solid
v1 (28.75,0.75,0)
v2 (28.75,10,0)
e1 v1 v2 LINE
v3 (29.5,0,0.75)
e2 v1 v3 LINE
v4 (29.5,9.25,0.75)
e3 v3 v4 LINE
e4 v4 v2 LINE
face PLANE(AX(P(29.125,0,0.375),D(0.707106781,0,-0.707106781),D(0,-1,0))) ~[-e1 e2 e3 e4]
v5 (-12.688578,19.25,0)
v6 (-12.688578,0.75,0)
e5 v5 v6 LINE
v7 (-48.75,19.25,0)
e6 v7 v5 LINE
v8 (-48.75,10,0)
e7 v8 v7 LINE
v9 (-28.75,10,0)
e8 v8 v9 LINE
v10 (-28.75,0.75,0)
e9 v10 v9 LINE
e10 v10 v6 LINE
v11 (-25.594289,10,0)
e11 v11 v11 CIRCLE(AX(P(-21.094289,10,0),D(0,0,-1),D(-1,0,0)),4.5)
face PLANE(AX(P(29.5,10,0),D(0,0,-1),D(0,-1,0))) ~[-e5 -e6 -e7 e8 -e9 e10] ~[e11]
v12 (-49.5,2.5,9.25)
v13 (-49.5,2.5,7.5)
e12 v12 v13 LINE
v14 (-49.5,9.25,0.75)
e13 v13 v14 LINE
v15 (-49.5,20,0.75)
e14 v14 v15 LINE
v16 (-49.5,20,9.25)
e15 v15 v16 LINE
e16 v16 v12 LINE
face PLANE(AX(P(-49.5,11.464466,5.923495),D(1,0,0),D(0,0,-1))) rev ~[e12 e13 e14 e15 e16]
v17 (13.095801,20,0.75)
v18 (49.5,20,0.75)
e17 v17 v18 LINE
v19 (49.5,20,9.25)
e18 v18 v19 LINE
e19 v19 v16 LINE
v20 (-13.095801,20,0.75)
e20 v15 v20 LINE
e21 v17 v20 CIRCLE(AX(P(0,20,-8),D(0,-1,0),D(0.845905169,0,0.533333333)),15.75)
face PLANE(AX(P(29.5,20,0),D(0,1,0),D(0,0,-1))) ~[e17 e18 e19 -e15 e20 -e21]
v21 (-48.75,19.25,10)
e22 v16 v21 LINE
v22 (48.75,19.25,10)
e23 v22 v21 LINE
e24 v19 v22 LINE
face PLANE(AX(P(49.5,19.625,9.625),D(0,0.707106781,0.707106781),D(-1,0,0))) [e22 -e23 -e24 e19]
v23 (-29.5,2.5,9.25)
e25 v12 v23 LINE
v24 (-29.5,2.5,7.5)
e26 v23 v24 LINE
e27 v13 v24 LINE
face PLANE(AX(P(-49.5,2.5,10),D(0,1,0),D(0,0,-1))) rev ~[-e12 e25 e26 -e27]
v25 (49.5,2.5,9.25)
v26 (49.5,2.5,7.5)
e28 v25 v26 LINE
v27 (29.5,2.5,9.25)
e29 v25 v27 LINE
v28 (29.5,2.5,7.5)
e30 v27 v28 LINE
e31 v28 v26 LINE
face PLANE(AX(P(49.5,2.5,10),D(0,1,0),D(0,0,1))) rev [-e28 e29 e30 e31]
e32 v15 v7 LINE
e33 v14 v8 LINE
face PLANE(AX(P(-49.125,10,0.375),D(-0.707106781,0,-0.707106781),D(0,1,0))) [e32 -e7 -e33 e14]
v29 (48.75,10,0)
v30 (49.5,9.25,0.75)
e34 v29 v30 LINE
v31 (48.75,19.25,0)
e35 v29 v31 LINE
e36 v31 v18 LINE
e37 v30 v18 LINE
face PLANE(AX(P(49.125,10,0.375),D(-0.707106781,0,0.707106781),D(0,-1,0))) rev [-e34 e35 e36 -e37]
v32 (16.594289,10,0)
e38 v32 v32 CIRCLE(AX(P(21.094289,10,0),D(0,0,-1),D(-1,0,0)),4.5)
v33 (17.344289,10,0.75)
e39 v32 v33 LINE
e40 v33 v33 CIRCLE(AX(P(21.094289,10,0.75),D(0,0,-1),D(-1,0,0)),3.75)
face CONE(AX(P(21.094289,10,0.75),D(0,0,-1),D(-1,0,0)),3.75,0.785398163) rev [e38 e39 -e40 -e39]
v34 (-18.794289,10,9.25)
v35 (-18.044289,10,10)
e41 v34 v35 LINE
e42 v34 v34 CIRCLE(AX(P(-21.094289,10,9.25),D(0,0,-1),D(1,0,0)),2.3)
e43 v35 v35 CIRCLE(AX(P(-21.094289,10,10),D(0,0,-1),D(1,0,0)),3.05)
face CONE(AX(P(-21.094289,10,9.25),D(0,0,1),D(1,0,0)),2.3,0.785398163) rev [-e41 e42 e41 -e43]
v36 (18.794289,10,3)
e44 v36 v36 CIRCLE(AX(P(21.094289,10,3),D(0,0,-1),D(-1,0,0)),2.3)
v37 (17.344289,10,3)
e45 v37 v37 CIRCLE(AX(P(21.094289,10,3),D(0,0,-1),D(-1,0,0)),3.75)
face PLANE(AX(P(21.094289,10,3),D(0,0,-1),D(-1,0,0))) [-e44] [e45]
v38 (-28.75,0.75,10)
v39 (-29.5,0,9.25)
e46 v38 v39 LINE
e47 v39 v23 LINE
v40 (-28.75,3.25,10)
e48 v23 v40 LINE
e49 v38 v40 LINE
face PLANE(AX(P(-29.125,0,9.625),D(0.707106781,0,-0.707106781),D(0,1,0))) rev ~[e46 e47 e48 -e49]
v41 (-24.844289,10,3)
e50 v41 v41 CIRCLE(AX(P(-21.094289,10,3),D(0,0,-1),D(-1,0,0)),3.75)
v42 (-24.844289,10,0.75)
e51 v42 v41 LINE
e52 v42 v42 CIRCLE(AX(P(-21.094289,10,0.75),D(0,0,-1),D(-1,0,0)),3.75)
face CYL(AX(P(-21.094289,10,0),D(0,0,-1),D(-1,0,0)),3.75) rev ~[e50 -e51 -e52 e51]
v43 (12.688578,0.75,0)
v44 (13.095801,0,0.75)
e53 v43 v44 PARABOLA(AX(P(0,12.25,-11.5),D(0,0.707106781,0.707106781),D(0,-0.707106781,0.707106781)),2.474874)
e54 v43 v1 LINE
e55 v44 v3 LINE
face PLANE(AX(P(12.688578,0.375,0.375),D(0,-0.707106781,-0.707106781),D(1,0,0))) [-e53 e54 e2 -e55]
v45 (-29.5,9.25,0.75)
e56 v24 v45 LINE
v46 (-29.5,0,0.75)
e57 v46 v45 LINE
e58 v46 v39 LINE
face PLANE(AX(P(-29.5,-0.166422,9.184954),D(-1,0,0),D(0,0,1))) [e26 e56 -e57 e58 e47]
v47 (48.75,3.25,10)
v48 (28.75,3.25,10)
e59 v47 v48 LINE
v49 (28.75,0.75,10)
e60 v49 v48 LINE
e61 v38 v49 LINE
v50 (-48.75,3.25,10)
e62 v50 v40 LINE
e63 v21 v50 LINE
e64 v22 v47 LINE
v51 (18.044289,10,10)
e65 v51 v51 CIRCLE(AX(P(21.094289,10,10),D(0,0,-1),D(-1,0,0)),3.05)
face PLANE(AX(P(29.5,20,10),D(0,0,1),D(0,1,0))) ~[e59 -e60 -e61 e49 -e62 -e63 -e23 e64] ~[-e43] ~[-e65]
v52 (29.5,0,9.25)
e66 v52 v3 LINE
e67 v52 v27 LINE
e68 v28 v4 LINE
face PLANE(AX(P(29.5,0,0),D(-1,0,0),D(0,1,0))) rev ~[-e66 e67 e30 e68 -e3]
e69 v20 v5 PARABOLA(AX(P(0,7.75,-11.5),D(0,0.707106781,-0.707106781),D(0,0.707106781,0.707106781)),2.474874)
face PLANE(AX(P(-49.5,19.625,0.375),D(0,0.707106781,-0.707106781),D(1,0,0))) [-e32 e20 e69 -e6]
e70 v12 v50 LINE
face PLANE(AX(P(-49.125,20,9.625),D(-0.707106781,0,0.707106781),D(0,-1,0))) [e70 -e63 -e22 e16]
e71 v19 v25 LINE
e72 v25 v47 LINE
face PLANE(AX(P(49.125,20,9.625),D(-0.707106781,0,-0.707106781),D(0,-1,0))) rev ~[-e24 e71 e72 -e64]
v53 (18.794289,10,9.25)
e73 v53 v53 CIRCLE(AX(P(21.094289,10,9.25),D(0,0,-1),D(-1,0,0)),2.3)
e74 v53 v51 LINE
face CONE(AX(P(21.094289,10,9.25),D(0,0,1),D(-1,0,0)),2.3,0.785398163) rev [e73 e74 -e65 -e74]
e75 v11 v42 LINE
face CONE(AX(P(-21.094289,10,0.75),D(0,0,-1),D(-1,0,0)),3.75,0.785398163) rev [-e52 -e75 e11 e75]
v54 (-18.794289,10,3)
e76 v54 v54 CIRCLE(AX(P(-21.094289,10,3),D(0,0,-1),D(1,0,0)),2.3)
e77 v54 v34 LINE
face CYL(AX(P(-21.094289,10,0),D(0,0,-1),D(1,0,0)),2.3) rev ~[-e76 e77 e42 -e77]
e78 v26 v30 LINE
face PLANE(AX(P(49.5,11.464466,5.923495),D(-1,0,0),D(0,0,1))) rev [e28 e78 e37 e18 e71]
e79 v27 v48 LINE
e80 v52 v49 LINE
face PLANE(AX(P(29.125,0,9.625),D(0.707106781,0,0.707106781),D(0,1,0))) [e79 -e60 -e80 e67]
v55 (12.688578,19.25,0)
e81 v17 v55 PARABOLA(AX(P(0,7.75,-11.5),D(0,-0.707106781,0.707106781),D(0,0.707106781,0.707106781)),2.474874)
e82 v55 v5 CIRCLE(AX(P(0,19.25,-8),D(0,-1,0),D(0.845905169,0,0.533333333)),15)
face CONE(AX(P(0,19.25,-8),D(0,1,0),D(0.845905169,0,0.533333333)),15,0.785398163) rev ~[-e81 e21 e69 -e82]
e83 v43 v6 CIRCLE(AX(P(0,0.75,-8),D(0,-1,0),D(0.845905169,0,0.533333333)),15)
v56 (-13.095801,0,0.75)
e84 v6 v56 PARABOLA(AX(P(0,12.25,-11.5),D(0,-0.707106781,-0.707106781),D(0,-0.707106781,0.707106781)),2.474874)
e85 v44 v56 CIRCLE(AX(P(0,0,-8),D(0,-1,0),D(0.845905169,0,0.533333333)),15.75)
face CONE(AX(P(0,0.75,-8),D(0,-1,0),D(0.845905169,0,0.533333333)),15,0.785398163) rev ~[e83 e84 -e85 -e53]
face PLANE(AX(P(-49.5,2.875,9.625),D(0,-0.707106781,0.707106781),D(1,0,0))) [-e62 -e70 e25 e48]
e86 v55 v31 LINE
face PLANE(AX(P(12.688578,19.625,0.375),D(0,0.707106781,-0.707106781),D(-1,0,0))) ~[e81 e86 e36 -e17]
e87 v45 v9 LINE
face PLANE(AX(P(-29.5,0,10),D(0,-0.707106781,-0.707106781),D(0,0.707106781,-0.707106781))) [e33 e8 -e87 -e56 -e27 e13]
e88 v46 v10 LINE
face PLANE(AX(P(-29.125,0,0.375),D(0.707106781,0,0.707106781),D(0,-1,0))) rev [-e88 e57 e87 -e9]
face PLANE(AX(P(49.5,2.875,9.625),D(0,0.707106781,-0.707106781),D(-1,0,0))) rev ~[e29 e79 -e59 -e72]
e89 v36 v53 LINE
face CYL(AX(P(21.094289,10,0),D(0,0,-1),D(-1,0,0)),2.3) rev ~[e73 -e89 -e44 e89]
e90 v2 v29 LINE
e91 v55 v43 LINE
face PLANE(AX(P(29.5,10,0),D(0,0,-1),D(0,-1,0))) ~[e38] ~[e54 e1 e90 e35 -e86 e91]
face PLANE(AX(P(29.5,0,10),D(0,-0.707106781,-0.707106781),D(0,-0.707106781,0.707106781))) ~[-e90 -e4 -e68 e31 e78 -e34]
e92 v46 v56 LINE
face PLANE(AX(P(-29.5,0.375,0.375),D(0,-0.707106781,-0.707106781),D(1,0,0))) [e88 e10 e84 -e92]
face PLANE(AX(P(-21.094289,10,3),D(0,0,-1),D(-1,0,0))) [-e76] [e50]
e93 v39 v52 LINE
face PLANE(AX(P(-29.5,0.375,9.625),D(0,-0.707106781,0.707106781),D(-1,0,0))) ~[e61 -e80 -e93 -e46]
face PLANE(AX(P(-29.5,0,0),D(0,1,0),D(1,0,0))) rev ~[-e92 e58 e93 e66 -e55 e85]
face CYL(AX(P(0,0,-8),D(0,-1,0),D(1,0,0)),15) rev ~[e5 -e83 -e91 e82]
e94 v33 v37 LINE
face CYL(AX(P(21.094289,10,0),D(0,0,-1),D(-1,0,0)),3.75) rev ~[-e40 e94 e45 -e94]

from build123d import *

# Parameters (mm, degrees)
SKIZZE1_W                       = 59
SKIZZE1_H                       = 20
AUFSATZ_LINEAR_AUSTRAGEN1_DEPTH = 10
AUFSATZ_LINEAR_AUSTRAGEN2_DEPTH = 20
SKIZZE3_R                       = 15
SCHNITT_LINEAR_AUSTRAGEN1_DEPTH = 20
SKIZZE4_R                       = 2.3
SCHNITT_LINEAR_AUSTRAGEN2_DEPTH = 20
SKIZZE5_R                       = 3.75
SCHNITT_LINEAR_AUSTRAGEN3_DEPTH = 3
SCHNITT_LINEAR_AUSTRAGEN4_DEPTH = 20
FASE3_SIZE                      = 0.75


with BuildPart() as part:
    # Skizze1 → Aufsatz-Linear austragen1 (new body)
    with BuildSketch(Plane.XY):
        with Locations((0, 10)):
            Rectangle(SKIZZE1_W, SKIZZE1_H)
    extrude(amount=AUFSATZ_LINEAR_AUSTRAGEN1_DEPTH)

    # Skizze2 → Aufsatz-Linear austragen2 (add)
    with BuildSketch(Plane.ZY.offset(29.5)):
        Polygon((10, 0), (0, 10), (0, 20), (10, 20), align=None)
    aufsatz_linear_austragen2 = extrude(amount=AUFSATZ_LINEAR_AUSTRAGEN2_DEPTH)

    # Spiegeln1: Aufsatz-Linear austragen2 across plane
    add(aufsatz_linear_austragen2.mirror(Plane(origin=(0, 0, 0), x_dir=(0, 0, 1), z_dir=(1, 0, 0))))

    # Skizze3 → Schnitt-Linear austragen1 (cut)
    with BuildSketch(Plane.XZ):
        with Locations((0, -8)):
            Circle(SKIZZE3_R)
    extrude(amount=-SCHNITT_LINEAR_AUSTRAGEN1_DEPTH, mode=Mode.SUBTRACT)

    # Skizze4 → Schnitt-Linear austragen2 (cut)
    with BuildSketch(Plane(origin=(0, 0, 0), x_dir=(-1, 0, 0), z_dir=(0, 0, -1))):
        with Locations((-21.09428877, 10)):
            Circle(SKIZZE4_R)
        with Locations(Location((21.09428877, 10, 0), (0, 0, 180))):
            Circle(SKIZZE4_R)
    extrude(amount=-SCHNITT_LINEAR_AUSTRAGEN2_DEPTH, mode=Mode.SUBTRACT)

    # Skizze5 → Schnitt-Linear austragen3 (cut)
    with BuildSketch(Plane(origin=(0, 0, 0), x_dir=(-1, 0, 0), z_dir=(0, 0, -1))):
        with Locations((-21.09428877, 10)):
            Circle(SKIZZE5_R)
        with Locations((21.09428877, 10)):
            Circle(SKIZZE5_R)
    extrude(amount=-SCHNITT_LINEAR_AUSTRAGEN3_DEPTH, mode=Mode.SUBTRACT)

    # Skizze6 → Schnitt-Linear austragen4 (cut)
    with BuildSketch(Plane.ZY.offset(49.5)):
        Polygon((10, 2.5), (4.852604626, 2.5), (4.852604626, -2.668604054), (13.586779437, -2.788104879), (13.586779437, 2.151024835), align=None)
    schnitt_linear_austragen4 = extrude(amount=-SCHNITT_LINEAR_AUSTRAGEN4_DEPTH, mode=Mode.SUBTRACT)

    # Spiegeln3: Schnitt-Linear austragen4 across plane
    add(schnitt_linear_austragen4.mirror(Plane(origin=(0, 0, 0), x_dir=(0, 0, 1), z_dir=(1, 0, 0))), mode=Mode.SUBTRACT)

    # Fase3
    fase3_edges = [part.edges().sort_by_distance(p)[0] for p in [
        (39.5, 2.5, 10),
        (29.5, 1.25, 10),
        (0, 0, 10),
        (-29.5, 5, 0),
        (-49.5, 15, 0),
        (49.5, 15, 0),
        (-31.09428877, 20, 0),
        (21.09428877, 0, 0),
        (0, 20, 7),
        (0, 0, 7),
        (0, 20, 10),
        (29.5, 5, 0),
        (23.39428877, 10, 10),
        (-21.09428877, 0, 0),
        (-23.39428877, 10, 10),
        (31.09428877, 20, 0),
        (24.84428877, 10, 0),
        (-17.34428877, 10, 0),
        (-49.5, 11.25, 10),
        (-39.5, 2.5, 10),
        (-29.5, 1.25, 10),
        (49.5, 11.25, 10),
    ]]
    chamfer(fase3_edges, length=FASE3_SIZE)


solid = part.part
